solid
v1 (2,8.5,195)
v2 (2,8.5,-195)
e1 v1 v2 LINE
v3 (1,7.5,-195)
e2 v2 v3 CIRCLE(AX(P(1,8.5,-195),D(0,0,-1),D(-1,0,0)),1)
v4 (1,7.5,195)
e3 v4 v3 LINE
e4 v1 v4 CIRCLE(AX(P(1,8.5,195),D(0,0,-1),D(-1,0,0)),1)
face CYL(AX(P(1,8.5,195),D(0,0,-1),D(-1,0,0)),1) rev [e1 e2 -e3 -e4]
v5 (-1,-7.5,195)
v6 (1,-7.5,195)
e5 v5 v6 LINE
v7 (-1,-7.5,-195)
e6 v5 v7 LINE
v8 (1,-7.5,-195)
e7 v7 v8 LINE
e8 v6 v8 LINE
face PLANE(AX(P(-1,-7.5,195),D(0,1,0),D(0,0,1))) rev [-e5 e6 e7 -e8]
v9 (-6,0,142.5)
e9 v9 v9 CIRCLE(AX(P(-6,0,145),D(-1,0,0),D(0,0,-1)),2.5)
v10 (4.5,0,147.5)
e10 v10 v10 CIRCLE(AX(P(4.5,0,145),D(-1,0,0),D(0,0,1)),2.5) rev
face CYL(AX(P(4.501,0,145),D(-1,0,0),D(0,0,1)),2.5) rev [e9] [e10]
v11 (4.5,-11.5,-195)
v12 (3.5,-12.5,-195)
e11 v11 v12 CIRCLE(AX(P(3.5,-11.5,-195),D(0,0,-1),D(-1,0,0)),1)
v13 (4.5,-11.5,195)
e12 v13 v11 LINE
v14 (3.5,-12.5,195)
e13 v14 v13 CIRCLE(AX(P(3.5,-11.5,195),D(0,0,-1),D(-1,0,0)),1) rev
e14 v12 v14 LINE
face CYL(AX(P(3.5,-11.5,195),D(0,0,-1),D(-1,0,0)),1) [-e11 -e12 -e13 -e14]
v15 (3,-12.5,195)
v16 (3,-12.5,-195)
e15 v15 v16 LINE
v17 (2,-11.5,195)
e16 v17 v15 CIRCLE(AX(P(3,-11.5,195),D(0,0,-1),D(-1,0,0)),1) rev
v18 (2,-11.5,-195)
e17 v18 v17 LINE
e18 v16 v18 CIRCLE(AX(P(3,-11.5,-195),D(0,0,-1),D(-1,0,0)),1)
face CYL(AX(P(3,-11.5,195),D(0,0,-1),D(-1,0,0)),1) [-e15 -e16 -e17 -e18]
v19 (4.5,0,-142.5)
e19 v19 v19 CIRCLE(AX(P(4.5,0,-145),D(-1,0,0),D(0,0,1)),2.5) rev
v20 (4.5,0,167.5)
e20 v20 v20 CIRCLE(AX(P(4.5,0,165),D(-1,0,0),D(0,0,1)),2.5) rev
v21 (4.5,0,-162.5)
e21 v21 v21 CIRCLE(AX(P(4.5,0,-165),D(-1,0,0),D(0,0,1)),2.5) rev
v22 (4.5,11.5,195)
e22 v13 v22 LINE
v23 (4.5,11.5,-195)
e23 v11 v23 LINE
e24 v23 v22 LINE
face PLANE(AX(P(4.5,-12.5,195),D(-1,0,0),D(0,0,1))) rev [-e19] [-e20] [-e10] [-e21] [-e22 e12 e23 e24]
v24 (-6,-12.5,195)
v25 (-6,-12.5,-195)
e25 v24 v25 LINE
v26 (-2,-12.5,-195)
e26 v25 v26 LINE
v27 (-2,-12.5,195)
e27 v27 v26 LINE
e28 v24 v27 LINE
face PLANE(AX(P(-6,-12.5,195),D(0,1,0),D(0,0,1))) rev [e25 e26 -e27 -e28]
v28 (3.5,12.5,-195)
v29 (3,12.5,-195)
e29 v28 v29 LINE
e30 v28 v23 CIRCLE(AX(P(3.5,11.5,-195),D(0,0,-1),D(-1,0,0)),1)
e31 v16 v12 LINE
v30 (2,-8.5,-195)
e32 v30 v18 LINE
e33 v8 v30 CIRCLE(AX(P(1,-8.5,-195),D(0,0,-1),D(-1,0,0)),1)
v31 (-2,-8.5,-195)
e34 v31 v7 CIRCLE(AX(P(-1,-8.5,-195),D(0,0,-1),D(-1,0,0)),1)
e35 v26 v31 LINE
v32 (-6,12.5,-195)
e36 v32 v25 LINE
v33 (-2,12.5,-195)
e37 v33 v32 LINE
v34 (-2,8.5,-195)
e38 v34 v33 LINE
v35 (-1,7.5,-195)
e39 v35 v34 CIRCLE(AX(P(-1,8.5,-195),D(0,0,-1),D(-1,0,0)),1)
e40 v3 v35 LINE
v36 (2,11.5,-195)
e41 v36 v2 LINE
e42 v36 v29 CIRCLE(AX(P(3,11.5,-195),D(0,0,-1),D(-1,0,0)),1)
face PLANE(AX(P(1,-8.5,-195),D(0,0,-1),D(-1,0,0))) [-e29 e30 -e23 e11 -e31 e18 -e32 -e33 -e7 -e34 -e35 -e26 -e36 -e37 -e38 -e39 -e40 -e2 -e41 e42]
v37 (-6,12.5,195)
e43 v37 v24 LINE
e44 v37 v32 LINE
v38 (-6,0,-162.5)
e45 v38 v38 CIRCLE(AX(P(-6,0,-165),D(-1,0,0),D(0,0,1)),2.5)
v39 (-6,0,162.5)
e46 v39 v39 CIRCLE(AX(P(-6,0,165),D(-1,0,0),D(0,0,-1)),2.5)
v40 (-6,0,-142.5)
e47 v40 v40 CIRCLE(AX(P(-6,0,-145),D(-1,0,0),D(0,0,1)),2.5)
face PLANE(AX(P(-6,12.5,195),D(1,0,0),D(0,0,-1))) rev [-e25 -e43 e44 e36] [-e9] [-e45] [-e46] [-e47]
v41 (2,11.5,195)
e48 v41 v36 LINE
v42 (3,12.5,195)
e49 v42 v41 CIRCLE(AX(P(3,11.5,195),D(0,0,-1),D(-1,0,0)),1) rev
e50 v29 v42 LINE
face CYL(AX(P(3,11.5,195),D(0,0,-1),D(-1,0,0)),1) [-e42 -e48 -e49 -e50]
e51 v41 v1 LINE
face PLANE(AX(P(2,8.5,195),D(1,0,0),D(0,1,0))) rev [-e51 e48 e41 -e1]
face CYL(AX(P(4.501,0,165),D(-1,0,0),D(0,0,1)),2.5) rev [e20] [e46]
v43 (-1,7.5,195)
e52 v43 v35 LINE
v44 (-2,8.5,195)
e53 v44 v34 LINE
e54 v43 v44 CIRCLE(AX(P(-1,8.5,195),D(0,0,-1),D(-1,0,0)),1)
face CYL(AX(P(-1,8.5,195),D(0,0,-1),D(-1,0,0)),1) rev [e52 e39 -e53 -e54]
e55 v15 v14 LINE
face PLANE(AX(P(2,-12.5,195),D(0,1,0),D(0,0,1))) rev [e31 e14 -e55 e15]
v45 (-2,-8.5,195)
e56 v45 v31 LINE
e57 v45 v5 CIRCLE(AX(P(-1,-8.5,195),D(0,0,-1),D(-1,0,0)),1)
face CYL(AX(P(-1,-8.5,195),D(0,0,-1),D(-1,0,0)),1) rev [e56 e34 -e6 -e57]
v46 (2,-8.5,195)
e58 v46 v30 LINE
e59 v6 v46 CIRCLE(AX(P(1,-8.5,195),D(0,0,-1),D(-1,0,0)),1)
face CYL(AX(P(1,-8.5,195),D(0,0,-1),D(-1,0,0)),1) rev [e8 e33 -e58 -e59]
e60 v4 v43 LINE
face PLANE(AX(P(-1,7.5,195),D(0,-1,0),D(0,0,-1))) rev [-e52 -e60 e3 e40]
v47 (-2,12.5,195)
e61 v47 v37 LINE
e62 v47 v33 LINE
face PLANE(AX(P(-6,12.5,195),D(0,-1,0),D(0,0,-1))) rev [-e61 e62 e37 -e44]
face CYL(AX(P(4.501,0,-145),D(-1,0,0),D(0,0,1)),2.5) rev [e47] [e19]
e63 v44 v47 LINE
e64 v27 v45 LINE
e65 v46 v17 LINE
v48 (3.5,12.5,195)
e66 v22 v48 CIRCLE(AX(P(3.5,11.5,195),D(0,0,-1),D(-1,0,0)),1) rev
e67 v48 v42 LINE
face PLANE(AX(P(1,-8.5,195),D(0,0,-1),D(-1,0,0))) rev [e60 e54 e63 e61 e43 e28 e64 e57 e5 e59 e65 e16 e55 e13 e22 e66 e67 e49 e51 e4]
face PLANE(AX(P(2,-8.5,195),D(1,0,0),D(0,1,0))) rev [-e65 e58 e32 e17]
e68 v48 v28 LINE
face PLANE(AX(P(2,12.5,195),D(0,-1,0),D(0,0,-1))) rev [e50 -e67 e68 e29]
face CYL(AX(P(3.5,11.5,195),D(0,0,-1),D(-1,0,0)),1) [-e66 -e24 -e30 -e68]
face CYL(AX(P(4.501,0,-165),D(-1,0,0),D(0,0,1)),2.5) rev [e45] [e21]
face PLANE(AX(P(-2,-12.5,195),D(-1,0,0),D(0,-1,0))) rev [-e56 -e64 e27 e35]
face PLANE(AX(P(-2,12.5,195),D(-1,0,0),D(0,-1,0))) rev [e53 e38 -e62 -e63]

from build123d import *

# Parameters (mm, degrees)
BOSS_EXTRUDE1_DEPTH = 195
CUT_EXTRUDE1_REACH  = 197.682
SKETCH4_R           = 2.5
FILLET1_R           = 1


with BuildPart() as part:
    # Sketch3 → Boss-Extrude1 (new, symmetric)
    with BuildSketch(Plane.XY):
        with BuildLine():
            Line((-6, 12.5), (-6, -12.5))
            Line((-6, -12.5), (-2, -12.5))
            Line((-2, -12.5), (-2, -8.5))
            ThreePointArc((-2, -8.5), (-1.707106781, -7.792893219), (-1, -7.5))
            Line((-1, -7.5), (1, -7.5))
            ThreePointArc((1, -7.5), (1.707106781, -7.792893219), (2, -8.5))
            Line((2, -8.5), (2, -12.5))
            Line((2, -12.5), (4.5, -12.5))
            Line((4.5, -12.5), (4.5, 12.5))
            Line((4.5, 12.5), (2, 12.5))
            Line((2, 12.5), (2, 8.5))
            ThreePointArc((2, 8.5), (1.707106781, 7.792893219), (1, 7.5))
            Line((1, 7.5), (-1, 7.5))
            ThreePointArc((-1, 7.5), (-1.707106781, 7.792893219), (-2, 8.5))
            Line((-2, 8.5), (-2, 12.5))
            Line((-2, 12.5), (-6, 12.5))
        make_face()
    extrude(amount=BOSS_EXTRUDE1_DEPTH, both=True)

    # Sketch4 → Cut-Extrude1 (cut, up to next)
    with BuildSketch(Plane.ZY.offset(6), mode=Mode.PRIVATE) as cut_extrude1_sk1:
        with Locations((-165, 0)):
            Circle(SKETCH4_R)
    cut_extrude1_tool1 = extrude(cut_extrude1_sk1.sketch, amount=-CUT_EXTRUDE1_REACH, mode=Mode.PRIVATE) & part.part
    # Sketch4 → Cut-Extrude1 (cut, up to next)
    with BuildSketch(Plane.ZY.offset(6), mode=Mode.PRIVATE) as cut_extrude1_sk2:
        with Locations((-145, 0)):
            Circle(SKETCH4_R)
    cut_extrude1_tool2 = extrude(cut_extrude1_sk2.sketch, amount=-CUT_EXTRUDE1_REACH, mode=Mode.PRIVATE) & part.part
    # Sketch4 → Cut-Extrude1 (cut, up to next)
    with BuildSketch(Plane.ZY.offset(6), mode=Mode.PRIVATE) as cut_extrude1_sk3:
        with Locations((165, 0)):
            Circle(SKETCH4_R)
    cut_extrude1_tool3 = extrude(cut_extrude1_sk3.sketch, amount=-CUT_EXTRUDE1_REACH, mode=Mode.PRIVATE) & part.part
    # Sketch4 → Cut-Extrude1 (cut, up to next)
    with BuildSketch(Plane.ZY.offset(6), mode=Mode.PRIVATE) as cut_extrude1_sk4:
        with Locations((145, 0)):
            Circle(SKETCH4_R)
    cut_extrude1_tool4 = extrude(cut_extrude1_sk4.sketch, amount=-CUT_EXTRUDE1_REACH, mode=Mode.PRIVATE) & part.part
    add(cut_extrude1_tool1.solids().sort_by_distance((-6, 0, -165))[0], mode=Mode.SUBTRACT)
    add(cut_extrude1_tool2.solids().sort_by_distance((-6, 0, -145))[0], mode=Mode.SUBTRACT)
    add(cut_extrude1_tool3.solids().sort_by_distance((-6, 0, 165))[0], mode=Mode.SUBTRACT)
    add(cut_extrude1_tool4.solids().sort_by_distance((-6, 0, 145))[0], mode=Mode.SUBTRACT)

    # Fillet1
    fillet1_edges = [part.edges().sort_by_distance(p)[0] for p in [
        (2, 12.5, 0),
        (4.5, 12.5, 0),
        (4.5, -12.5, 0),
        (2, -12.5, 0),
    ]]
    fillet(fillet1_edges, radius=FILLET1_R)


solid = part.part
